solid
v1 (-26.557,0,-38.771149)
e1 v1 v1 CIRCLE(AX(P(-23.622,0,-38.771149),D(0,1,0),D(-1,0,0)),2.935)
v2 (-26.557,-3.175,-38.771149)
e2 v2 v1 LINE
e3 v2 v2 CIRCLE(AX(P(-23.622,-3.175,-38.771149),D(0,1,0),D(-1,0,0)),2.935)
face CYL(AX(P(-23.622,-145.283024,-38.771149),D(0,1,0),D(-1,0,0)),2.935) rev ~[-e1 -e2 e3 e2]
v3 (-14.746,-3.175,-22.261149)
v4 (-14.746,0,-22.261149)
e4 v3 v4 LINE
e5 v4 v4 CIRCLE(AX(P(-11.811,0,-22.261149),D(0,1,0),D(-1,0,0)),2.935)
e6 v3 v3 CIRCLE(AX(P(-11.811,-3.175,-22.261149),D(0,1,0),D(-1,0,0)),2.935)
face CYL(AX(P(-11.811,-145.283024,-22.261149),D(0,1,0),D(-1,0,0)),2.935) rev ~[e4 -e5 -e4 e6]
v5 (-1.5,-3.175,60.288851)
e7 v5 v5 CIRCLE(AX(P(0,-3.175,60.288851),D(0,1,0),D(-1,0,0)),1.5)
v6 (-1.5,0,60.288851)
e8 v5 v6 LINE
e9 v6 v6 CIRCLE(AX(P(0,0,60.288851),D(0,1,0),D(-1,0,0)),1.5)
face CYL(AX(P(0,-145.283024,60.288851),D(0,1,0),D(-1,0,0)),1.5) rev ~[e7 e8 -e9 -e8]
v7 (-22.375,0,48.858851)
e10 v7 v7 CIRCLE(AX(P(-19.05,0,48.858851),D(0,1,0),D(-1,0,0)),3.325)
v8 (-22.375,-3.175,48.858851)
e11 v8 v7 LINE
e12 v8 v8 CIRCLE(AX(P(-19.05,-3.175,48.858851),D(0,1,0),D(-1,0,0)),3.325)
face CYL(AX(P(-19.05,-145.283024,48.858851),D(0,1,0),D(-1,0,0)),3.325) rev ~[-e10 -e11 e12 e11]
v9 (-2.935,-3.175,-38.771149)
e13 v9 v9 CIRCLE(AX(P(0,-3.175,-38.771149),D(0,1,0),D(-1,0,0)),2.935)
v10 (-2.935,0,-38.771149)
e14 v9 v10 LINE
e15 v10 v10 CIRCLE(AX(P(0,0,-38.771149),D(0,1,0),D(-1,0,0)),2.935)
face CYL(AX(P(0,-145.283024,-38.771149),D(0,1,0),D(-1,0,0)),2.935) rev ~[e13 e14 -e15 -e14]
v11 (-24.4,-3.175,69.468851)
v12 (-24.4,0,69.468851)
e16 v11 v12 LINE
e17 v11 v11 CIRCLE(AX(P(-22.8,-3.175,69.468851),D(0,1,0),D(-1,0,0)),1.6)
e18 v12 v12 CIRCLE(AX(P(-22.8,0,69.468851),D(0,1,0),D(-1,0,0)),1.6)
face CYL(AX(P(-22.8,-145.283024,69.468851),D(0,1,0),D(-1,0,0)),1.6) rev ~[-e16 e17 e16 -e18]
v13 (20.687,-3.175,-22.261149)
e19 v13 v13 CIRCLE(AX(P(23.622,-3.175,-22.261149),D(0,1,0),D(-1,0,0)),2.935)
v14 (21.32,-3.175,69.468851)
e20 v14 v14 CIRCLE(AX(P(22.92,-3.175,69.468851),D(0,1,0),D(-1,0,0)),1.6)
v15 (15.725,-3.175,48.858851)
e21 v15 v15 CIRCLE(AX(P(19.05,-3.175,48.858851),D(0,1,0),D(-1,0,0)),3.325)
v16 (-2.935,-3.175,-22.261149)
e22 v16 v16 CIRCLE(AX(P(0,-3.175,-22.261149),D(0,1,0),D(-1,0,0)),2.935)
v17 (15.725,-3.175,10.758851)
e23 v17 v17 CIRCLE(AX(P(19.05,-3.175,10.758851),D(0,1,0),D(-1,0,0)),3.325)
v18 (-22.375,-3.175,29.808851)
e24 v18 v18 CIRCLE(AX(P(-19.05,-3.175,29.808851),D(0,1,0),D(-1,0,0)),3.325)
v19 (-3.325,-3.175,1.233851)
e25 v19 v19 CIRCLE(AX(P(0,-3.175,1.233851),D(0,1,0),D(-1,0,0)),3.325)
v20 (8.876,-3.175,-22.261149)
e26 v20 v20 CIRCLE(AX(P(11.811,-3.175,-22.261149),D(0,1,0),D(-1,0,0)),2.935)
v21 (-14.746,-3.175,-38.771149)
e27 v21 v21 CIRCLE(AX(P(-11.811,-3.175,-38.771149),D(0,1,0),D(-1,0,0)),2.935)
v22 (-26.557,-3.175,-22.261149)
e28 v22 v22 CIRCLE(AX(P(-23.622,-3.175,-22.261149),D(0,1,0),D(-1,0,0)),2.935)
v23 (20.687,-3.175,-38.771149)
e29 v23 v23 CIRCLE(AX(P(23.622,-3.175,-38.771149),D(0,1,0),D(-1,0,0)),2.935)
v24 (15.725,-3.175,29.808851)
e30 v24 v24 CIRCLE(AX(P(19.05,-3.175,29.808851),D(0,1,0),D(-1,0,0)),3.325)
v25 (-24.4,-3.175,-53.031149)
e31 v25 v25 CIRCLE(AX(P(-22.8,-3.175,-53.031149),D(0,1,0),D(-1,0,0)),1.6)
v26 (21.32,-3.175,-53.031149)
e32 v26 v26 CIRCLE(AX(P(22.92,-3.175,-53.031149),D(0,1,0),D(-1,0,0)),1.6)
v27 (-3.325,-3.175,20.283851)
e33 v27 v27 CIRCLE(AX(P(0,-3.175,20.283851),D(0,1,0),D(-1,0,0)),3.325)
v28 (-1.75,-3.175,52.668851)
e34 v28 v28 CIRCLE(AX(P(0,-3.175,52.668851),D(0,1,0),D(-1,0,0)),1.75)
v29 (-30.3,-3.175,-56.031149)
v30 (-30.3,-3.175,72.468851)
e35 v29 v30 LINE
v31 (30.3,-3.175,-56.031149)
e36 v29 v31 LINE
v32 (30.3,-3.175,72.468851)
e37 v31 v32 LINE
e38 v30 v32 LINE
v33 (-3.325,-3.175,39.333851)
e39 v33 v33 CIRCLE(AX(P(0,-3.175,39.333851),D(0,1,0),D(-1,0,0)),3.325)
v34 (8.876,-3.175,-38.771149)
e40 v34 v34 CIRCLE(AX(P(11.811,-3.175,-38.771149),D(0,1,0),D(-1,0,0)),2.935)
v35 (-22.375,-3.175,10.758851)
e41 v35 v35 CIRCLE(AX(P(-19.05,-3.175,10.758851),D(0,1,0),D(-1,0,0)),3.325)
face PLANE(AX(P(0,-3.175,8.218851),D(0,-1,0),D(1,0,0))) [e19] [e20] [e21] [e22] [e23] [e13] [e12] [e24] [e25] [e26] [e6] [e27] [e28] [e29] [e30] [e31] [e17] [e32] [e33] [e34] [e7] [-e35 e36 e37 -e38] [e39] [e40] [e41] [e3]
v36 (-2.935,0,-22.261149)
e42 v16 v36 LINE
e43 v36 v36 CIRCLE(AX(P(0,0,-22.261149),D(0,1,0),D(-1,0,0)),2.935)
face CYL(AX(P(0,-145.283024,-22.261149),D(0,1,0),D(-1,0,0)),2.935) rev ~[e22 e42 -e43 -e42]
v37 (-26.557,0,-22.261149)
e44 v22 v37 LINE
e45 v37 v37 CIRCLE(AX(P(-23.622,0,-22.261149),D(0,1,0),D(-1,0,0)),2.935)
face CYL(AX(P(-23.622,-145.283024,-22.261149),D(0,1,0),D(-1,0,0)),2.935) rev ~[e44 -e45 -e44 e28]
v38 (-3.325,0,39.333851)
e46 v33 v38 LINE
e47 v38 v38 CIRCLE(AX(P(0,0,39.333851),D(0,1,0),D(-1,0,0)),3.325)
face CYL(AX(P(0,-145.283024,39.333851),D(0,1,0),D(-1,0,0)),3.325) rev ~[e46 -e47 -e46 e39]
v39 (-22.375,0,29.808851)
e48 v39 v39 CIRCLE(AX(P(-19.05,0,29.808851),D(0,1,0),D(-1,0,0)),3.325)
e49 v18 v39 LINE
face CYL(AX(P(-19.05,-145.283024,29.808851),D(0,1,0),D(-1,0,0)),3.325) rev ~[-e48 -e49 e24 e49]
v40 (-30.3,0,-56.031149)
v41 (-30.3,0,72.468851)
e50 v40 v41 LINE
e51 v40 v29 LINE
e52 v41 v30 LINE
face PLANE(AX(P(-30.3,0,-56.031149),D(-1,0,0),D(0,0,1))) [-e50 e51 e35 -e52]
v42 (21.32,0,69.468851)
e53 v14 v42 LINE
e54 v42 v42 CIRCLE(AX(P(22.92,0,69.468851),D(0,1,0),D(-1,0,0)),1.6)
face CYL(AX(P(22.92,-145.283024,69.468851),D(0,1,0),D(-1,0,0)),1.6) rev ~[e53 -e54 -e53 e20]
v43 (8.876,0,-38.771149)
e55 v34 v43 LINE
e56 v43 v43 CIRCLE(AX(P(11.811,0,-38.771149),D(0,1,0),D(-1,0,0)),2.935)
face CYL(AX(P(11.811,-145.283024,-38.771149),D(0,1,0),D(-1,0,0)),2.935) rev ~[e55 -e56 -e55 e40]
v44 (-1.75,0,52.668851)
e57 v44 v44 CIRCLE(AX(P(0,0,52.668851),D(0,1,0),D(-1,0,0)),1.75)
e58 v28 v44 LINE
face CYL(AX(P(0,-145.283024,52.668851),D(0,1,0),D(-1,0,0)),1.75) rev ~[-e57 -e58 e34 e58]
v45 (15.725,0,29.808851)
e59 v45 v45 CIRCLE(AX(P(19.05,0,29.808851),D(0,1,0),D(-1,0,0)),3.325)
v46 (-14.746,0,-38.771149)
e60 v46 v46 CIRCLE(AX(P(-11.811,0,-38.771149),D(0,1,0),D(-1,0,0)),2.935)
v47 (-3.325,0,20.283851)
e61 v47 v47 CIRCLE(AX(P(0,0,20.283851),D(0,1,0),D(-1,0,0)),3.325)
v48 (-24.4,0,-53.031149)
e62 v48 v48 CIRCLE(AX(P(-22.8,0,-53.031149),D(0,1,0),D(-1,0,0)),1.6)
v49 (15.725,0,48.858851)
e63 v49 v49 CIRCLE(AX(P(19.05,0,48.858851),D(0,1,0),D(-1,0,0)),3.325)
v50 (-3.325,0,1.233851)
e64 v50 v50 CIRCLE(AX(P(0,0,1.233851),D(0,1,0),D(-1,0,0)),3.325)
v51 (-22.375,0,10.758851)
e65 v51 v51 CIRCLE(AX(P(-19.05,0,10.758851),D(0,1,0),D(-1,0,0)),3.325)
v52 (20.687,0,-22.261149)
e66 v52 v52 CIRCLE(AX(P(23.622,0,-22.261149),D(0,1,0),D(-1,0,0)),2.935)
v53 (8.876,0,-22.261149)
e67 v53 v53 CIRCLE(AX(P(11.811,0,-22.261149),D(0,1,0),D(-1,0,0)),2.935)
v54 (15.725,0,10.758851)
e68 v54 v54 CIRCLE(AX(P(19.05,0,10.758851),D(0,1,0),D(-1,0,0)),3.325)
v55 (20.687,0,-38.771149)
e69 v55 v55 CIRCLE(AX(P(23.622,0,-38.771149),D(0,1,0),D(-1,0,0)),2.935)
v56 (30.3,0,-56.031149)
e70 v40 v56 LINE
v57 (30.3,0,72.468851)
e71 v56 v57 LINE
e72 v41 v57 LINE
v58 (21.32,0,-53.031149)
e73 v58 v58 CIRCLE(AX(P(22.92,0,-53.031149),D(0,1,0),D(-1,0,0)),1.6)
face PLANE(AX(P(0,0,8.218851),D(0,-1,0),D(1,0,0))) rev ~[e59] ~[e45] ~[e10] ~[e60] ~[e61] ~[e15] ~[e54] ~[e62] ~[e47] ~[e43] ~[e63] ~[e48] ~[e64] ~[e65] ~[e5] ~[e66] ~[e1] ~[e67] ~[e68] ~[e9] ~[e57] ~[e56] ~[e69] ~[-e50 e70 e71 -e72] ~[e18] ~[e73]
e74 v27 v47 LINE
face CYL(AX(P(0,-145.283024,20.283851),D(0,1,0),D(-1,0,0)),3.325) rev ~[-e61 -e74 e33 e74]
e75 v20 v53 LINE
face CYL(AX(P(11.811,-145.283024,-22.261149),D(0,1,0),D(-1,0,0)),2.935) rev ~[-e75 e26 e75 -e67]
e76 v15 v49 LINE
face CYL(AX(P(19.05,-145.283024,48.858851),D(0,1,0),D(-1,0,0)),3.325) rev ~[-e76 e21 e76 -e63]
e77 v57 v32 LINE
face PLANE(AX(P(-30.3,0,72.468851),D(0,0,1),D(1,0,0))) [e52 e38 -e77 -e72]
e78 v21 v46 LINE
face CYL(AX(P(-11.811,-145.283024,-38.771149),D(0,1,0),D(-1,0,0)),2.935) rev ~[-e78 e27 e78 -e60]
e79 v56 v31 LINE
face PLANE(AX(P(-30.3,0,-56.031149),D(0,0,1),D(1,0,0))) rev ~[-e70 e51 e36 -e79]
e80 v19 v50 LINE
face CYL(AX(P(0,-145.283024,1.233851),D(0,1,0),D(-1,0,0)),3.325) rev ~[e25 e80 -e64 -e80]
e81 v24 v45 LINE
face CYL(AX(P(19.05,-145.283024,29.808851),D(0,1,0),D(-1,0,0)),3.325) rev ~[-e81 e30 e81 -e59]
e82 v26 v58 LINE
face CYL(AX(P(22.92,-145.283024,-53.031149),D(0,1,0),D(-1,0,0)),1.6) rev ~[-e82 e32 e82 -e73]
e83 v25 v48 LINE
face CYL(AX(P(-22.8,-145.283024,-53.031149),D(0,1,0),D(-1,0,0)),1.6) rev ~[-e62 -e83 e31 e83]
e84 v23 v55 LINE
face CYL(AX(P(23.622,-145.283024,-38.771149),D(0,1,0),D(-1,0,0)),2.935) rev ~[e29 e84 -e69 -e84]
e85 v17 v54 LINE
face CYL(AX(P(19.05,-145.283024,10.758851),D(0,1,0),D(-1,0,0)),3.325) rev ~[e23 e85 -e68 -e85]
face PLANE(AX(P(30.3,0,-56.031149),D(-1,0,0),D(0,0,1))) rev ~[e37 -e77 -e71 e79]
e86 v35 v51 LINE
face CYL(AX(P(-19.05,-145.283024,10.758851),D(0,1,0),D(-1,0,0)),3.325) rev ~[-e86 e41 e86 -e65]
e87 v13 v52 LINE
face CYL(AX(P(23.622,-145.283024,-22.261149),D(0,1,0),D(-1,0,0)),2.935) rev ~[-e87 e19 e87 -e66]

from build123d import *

# Parameters (mm, degrees)
F0_W     = 60.6
F0_H     = 128.5
F1_DEPTH = 3.175
F3_D     = 3.2
F5_D     = 5.87
F6_D     = 6.65
F7_D     = 3
F8_D     = 3.5


with BuildPart() as f1:
    # F0 (on Front) → F1 (new body)
    with BuildSketch(Plane.XZ):
        with Locations((0, 8.218851)):
            Rectangle(F0_W, F0_H)
    extrude(amount=F1_DEPTH)

    # F3 (through all)
    with Locations(Plane.XZ.offset(3.175)):
        with Locations((-22.8, -53.031149), (22.92, -53.031149), (22.92, 69.468851), (-22.8, 69.468851)):
            Hole(F3_D / 2)

    # F5 (through all)
    with Locations(Plane.XZ.offset(3.175)):
        with Locations((-23.622, -38.771149), (-23.622, -22.261149), (-11.811, -22.261149), (-11.811, -38.771149), (0, -22.261149), (0, -38.771149), (11.811, -22.261149), (11.811, -38.771149), (23.622, -22.261149), (23.622, -38.771149)):
            Hole(F5_D / 2)

    # F6 (through all)
    with Locations(Plane.XZ.offset(3.175)):
        with Locations((-19.05, 48.858851), (0, 39.333851), (19.05, 48.858851), (-19.05, 29.808851), (0, 20.283851), (19.05, 29.808851), (-19.05, 10.758851), (0, 1.233851), (19.05, 10.758851)):
            Hole(F6_D / 2)

    # F7 (through all)
    with Locations(Plane.XZ.offset(3.175)):
        with Locations((0, 60.288851)):
            Hole(F7_D / 2)

    # F8 (through all)
    with Locations(Plane.XZ.offset(3.175)):
        with Locations((0, 52.668851)):
            Hole(F8_D / 2)


solid = f1.part
